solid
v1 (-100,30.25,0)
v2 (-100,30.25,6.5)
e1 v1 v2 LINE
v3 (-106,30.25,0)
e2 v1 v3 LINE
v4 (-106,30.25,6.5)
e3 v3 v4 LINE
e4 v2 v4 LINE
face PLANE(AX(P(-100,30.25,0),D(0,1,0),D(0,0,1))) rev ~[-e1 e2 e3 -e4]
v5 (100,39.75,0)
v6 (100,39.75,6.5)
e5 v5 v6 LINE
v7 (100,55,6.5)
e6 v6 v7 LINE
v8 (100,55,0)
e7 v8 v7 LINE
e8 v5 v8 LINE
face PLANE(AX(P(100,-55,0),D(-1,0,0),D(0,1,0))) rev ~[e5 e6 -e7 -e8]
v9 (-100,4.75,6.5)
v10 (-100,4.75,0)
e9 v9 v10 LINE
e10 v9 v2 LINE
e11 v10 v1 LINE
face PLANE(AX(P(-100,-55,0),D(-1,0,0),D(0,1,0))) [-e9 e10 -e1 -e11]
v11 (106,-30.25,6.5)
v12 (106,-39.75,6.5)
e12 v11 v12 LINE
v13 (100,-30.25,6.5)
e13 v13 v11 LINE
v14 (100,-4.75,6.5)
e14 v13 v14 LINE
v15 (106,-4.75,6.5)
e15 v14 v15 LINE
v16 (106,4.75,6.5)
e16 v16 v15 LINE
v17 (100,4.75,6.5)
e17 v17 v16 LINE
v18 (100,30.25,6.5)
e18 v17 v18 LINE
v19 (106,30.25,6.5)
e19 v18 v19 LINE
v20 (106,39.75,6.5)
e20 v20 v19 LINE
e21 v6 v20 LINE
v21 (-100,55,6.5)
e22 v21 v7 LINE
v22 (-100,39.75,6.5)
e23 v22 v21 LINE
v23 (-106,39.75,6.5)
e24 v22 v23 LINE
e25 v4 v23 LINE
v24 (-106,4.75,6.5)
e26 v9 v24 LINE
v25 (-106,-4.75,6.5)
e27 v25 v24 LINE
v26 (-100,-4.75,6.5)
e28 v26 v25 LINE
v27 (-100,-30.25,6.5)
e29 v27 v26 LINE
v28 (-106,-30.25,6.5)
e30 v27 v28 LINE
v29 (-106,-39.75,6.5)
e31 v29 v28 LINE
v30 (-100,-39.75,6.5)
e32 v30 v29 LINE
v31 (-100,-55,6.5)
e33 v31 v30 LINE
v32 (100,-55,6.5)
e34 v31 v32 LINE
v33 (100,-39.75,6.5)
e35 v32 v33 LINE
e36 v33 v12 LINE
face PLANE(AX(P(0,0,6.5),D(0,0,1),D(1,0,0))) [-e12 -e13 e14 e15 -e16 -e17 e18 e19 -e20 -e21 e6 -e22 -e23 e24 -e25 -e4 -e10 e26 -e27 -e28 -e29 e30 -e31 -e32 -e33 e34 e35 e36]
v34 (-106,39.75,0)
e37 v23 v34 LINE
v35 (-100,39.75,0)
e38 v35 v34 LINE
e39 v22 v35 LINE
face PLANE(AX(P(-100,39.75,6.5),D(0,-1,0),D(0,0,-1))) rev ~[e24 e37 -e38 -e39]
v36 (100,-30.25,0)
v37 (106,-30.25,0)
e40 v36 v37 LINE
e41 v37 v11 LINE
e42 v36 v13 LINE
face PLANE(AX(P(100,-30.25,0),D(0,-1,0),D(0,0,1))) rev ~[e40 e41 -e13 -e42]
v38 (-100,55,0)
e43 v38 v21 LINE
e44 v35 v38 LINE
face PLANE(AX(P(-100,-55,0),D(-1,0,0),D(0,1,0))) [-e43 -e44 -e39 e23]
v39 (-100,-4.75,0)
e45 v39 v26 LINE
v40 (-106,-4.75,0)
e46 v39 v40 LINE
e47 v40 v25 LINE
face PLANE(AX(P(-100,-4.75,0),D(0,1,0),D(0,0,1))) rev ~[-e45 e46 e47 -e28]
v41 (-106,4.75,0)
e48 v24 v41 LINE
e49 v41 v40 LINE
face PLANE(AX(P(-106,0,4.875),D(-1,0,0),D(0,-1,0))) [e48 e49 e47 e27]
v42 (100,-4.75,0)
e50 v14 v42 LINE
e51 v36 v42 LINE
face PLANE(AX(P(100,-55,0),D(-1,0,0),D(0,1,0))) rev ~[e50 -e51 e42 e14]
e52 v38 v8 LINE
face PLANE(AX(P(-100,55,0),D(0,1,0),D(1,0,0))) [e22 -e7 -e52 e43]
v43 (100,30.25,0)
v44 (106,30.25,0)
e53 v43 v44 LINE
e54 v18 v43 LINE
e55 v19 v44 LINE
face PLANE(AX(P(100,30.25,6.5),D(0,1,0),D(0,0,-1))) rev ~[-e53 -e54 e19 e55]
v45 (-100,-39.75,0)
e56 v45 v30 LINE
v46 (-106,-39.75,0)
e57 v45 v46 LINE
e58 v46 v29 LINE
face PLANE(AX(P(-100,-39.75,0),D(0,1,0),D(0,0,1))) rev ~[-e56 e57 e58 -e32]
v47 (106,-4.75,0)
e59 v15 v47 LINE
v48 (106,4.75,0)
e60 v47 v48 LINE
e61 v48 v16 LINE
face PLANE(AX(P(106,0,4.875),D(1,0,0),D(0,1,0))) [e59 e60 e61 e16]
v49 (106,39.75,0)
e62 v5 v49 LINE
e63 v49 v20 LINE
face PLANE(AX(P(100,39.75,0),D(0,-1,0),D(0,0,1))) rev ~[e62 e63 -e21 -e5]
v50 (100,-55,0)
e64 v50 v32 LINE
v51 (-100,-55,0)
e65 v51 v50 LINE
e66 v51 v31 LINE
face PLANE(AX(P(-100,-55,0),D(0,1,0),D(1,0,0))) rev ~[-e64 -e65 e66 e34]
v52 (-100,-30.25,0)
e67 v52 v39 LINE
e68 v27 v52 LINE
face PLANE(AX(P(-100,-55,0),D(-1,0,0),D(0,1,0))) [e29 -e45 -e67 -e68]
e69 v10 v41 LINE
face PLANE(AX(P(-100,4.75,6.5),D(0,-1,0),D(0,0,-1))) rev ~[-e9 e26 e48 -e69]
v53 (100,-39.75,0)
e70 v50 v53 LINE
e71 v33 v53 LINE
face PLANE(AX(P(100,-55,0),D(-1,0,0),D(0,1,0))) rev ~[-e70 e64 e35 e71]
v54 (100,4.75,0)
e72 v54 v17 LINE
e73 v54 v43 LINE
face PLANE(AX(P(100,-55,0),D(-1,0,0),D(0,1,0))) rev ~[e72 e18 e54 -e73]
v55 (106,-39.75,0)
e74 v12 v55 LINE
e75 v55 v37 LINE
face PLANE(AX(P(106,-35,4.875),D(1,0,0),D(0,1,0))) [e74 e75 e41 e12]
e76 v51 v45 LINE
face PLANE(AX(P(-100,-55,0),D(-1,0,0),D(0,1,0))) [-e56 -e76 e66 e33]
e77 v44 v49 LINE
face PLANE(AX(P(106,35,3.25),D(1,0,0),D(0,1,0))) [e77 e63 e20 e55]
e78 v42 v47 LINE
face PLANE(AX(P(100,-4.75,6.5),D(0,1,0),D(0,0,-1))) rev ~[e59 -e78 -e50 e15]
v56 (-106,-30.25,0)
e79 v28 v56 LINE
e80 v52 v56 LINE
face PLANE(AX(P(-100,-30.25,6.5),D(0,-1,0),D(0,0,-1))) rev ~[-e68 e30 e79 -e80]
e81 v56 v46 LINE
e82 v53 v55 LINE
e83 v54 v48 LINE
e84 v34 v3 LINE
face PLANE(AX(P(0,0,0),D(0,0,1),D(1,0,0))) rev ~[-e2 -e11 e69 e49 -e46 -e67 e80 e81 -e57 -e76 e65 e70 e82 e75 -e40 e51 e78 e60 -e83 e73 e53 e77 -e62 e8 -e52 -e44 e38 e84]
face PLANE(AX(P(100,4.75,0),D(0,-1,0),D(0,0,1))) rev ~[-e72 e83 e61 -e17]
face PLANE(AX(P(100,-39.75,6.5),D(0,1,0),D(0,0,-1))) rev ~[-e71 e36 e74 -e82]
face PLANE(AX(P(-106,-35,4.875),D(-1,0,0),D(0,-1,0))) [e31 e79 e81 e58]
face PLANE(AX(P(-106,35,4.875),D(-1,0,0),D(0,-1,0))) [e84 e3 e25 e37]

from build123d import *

# Parameters (mm, degrees)
F0_W     = 200
F0_H     = 110
F1_DEPTH = 6.5
F3_DEPTH = 6
F5_DEPTH = 6


with BuildPart() as f1:
    # F0 (on Top) → F1 (new body)
    with BuildSketch(Plane.XY):
        Rectangle(F0_W, F0_H)
    extrude(amount=F1_DEPTH)

    # F2 (on face) → F3 (join)
    with BuildSketch(Plane(origin=(-100, 0, 0), x_dir=(0, -1, 0), z_dir=(-1, 0, 0))):
        Polygon((-39.75, 6.5), (-39.75, 3.25), (-35, 3.25), (-30.25, 3.25), (-30.25, 6.5), align=None)
        Polygon((-35, 3.25), (-39.75, 3.25), (-39.75, 0), (-30.25, 0), (-30.25, 3.25), align=None)
        Polygon((-4.75, 6.5), (-4.75, 3.25), (0, 3.25), (4.75, 3.25), (4.75, 6.5), align=None)
        Polygon((0, 3.25), (-4.75, 3.25), (-4.75, 0), (4.75, 0), (4.75, 3.25), align=None)
        Polygon((39.75, 6.5), (30.25, 6.5), (30.25, 3.25), (35, 3.25), (39.75, 3.25), align=None)
        Polygon((30.25, 3.25), (30.25, 0), (39.75, 0), (39.75, 3.25), (35, 3.25), align=None)
    extrude(amount=F3_DEPTH)

    # F4 (on face) → F5 (join)
    with BuildSketch(Plane.YZ.offset(100)):
        Polygon((-39.75, 6.5), (-39.75, 3.25), (-35, 3.25), (-30.25, 3.25), (-30.25, 6.5), align=None)
        Polygon((-35, 3.25), (-39.75, 3.25), (-39.75, 0), (-30.25, 0), (-30.25, 3.25), align=None)
        Polygon((-4.75, 6.5), (-4.75, 3.25), (0, 3.25), (4.75, 3.25), (4.75, 6.5), align=None)
        Polygon((0, 3.25), (-4.75, 3.25), (-4.75, 0), (4.75, 0), (4.75, 3.25), align=None)
        Polygon((39.75, 6.5), (30.25, 6.5), (30.25, 3.25), (30.25, 0), (39.75, 0), align=None)
    extrude(amount=F5_DEPTH)


solid = f1.part
